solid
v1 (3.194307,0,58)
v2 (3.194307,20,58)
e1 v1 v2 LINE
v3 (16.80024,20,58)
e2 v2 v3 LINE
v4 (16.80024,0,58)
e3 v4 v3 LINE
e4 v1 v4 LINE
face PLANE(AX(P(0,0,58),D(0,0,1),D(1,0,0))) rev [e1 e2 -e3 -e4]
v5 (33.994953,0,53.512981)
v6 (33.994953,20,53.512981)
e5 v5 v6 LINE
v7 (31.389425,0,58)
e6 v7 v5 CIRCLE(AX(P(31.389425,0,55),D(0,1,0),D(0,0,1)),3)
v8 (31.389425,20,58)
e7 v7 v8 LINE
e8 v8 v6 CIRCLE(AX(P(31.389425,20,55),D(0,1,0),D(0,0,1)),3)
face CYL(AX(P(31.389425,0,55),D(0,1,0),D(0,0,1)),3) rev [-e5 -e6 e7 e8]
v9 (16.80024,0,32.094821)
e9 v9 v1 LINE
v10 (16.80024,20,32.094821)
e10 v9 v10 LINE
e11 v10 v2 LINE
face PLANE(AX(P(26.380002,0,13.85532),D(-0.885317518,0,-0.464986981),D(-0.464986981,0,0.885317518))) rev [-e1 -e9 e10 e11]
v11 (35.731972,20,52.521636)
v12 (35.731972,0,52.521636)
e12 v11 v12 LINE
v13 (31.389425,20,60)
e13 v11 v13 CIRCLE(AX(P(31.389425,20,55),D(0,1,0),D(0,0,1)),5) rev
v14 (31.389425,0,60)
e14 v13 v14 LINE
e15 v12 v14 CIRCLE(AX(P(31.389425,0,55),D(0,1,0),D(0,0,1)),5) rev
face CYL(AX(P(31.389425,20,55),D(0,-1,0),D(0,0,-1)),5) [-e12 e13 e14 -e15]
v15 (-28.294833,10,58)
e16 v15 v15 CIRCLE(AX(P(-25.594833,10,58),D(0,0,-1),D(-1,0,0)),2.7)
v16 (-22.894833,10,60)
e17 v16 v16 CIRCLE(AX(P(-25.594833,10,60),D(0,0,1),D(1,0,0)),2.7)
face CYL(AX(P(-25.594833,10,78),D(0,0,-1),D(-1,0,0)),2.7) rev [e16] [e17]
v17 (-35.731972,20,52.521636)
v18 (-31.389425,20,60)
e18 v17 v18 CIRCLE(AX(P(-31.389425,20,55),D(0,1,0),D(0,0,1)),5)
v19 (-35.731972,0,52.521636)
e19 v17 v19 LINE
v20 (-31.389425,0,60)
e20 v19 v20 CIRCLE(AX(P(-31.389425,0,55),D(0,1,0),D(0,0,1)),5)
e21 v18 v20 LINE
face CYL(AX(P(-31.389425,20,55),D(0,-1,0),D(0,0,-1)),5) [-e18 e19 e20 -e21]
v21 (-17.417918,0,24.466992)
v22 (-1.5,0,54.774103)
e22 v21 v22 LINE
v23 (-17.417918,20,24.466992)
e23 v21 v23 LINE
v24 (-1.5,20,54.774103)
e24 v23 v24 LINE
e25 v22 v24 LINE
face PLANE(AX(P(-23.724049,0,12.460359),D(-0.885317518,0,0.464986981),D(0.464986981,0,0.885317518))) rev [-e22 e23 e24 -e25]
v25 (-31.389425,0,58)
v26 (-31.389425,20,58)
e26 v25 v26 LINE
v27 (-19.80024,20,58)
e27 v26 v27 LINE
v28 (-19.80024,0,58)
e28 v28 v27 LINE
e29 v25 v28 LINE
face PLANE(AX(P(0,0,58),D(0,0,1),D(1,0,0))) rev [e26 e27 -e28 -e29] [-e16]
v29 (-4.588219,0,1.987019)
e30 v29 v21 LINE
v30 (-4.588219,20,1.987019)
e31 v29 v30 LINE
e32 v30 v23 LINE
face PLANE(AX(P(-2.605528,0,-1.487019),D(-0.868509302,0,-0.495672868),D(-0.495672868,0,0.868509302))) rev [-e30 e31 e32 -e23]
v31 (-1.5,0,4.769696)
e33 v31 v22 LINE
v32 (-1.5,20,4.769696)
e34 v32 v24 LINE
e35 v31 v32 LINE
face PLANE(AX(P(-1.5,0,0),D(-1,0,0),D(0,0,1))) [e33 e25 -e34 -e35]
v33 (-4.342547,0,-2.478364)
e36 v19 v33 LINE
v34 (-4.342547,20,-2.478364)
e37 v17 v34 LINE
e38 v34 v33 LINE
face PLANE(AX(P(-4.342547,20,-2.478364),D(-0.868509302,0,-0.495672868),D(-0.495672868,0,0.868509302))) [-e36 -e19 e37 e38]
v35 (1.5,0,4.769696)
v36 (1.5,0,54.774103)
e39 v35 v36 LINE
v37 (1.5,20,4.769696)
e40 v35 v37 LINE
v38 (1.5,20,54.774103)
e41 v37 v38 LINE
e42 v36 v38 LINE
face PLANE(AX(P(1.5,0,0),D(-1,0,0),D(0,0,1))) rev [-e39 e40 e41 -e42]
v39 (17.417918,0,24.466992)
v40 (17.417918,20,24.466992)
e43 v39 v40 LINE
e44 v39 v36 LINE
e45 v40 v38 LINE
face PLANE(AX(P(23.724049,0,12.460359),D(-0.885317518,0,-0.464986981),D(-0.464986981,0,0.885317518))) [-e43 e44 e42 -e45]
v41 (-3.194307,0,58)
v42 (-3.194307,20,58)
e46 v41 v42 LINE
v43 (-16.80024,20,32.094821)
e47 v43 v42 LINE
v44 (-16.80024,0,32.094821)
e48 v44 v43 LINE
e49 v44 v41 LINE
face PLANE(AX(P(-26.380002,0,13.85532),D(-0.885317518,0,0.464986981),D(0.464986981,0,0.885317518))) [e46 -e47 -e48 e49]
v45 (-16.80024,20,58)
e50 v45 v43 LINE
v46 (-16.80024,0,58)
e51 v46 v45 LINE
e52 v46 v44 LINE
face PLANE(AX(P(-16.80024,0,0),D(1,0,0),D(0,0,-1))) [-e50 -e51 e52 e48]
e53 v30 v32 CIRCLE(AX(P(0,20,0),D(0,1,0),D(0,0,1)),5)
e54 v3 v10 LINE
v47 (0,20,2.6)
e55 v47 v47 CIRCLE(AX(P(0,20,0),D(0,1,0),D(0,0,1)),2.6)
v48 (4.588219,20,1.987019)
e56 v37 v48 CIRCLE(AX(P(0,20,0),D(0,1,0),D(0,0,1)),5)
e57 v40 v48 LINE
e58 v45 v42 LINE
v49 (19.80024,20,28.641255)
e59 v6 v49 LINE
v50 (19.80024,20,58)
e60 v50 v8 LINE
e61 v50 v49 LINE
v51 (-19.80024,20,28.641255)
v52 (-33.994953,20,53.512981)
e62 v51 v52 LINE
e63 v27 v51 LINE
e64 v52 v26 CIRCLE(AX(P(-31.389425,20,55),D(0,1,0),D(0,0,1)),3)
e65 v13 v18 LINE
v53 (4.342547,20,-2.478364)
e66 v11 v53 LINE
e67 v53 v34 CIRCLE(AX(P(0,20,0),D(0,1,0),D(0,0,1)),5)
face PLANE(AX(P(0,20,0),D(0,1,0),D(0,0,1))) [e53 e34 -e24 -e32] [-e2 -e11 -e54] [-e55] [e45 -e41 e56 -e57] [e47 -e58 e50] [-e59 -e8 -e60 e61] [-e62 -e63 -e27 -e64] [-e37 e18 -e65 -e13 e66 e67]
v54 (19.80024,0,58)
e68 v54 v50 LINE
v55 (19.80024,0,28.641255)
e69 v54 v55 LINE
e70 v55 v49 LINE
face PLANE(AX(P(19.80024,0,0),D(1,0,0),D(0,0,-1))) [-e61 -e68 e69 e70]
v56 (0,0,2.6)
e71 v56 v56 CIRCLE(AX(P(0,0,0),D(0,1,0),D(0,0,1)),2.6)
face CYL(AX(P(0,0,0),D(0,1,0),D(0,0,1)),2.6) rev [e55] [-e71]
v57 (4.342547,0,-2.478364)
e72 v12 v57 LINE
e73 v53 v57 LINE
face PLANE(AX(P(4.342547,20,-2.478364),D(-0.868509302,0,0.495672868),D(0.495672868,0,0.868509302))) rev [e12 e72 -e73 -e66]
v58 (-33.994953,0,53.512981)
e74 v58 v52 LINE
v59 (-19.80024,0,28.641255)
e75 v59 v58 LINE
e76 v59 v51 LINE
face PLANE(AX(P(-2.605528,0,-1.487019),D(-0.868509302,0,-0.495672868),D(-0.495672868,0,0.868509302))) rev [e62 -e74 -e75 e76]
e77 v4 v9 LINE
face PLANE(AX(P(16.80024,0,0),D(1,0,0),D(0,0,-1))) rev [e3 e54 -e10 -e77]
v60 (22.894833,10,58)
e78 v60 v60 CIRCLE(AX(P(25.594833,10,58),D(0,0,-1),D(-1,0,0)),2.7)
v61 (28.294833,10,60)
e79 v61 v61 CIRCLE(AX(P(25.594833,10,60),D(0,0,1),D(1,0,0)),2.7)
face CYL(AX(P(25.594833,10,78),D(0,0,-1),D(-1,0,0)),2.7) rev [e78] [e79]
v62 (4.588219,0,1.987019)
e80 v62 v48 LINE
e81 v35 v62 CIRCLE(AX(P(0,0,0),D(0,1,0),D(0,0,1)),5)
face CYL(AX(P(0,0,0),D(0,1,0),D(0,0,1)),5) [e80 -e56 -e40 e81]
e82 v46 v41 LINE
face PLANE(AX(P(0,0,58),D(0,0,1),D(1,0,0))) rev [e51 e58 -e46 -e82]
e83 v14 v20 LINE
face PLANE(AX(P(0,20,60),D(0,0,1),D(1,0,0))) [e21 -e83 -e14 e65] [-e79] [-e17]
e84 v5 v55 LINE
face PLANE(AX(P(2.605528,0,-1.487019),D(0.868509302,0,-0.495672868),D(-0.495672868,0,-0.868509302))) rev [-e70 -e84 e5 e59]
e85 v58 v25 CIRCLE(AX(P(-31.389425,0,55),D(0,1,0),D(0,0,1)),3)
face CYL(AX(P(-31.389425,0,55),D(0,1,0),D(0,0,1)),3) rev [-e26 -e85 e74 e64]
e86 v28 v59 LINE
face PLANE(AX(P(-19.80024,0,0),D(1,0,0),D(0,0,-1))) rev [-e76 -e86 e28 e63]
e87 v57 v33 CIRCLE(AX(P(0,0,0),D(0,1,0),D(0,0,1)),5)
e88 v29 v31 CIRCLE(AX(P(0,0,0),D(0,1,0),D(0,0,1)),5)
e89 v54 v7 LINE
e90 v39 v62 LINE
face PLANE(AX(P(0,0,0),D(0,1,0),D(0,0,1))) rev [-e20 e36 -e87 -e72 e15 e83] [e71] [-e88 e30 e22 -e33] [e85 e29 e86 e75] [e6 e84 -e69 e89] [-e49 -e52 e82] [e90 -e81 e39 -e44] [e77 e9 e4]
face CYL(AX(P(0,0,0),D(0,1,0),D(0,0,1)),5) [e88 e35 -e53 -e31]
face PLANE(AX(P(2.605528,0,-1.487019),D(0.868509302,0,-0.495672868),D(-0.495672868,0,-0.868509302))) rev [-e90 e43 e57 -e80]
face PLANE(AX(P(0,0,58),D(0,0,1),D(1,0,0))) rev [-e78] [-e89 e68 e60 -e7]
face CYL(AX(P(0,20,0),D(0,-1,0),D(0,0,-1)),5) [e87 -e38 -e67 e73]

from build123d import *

# Parameters (mm, degrees)
SALIENTE_EXTRUIR1_DEPTH = 20
CORTAR_EXTRUIR1_START   = -20
CORTAR_EXTRUIR1_DEPTH   = 20
CROQUIS3_R              = 2.6
CORTAR_EXTRUIR2_DEPTH   = 20
CROQUIS4_R              = 2.7
CORTAR_EXTRUIR3_DEPTH   = 20


with BuildPart() as part:
    # Croquis1 → Saliente-Extruir1 (new body)
    with BuildSketch(Plane(origin=(0, 0, 0), x_dir=(1, 0, 0), z_dir=(0, 1, 0))):
        with BuildLine():
            Line((-4.342546511, 2.47836434), (-35.731971676, -52.52163566))
            ThreePointArc((-35.731971676, -52.52163566), (-35.713301997, -57.510794525), (-31.389425165, -60))
            Line((-31.389425165, -60), (31.389425165, -60))
            ThreePointArc((31.389425165, -60), (35.713301997, -57.510794525), (35.731971676, -52.52163566))
            Line((35.731971676, -52.52163566), (4.342546511, 2.47836434))
            ThreePointArc((4.342546511, 2.47836434), (0, 5), (-4.342546511, 2.47836434))
        make_face()
    extrude(amount=SALIENTE_EXTRUIR1_DEPTH)

    # Croquis2 → Cortar-Extruir1 (cut)
    with BuildSketch(Plane(origin=(0, 20, 0), x_dir=(1, 0, 0), z_dir=(0, 1, 0)).offset(CORTAR_EXTRUIR1_START)):
        with BuildLine():
            Line((-19.800240489, -58), (-19.800240489, -28.641255076))
            Line((-19.800240489, -28.641255076), (-33.994953072, -53.512981396))
            ThreePointArc((-33.994953072, -53.512981396), (-33.983751264, -56.506476715), (-31.389425165, -58))
            Line((-31.389425165, -58), (-19.800240489, -58))
        make_face()
        Polygon((-16.800240489, -58), (-3.194307375, -58), (-16.800240489, -32.094821088), align=None)
        with BuildLine():
            Line((-1.5, -54.77410323), (-1.5, -4.769696007))
            ThreePointArc((-1.5, -4.769696007), (-3.347002716, -3.714508422), (-4.588219379, -1.987018604))
            Line((-4.588219379, -1.987018604), (-17.417918454, -24.466992207))
            Line((-17.417918454, -24.466992207), (-1.5, -54.77410323))
        make_face()
        with BuildLine():
            ThreePointArc((4.588219379, -1.987018604), (3.347002716, -3.714508422), (1.5, -4.769696007))
            Line((1.5, -4.769696007), (1.5, -54.77410323))
            Line((1.5, -54.77410323), (17.417918454, -24.466992207))
            Line((17.417918454, -24.466992207), (4.588219379, -1.987018604))
        make_face()
        with BuildLine():
            Line((33.994953072, -53.512981396), (19.800240489, -28.641255076))
            Line((19.800240489, -28.641255076), (19.800240489, -58))
            Line((19.800240489, -58), (31.389425165, -58))
            ThreePointArc((31.389425165, -58), (33.983751264, -56.506476715), (33.994953072, -53.512981396))
        make_face()
        Polygon((16.800240489, -32.094821088), (3.194307375, -58), (16.800240489, -58), align=None)
    extrude(amount=CORTAR_EXTRUIR1_DEPTH, mode=Mode.SUBTRACT)

    # Croquis3 → Cortar-Extruir2 (cut)
    with BuildSketch(Plane(origin=(0, 20, 0), x_dir=(1, 0, 0), z_dir=(0, 1, 0))):
        with Locations(Location((0, 0, 0), (0, 0, 270))):
            Circle(CROQUIS3_R)
    extrude(amount=-CORTAR_EXTRUIR2_DEPTH, mode=Mode.SUBTRACT)

    # Croquis4 → Cortar-Extruir3 (cut)
    with BuildSketch(Plane(origin=(0, 0, 58), x_dir=(-1, 0, 0), z_dir=(0, 0, -1))):
        with Locations((25.594832827, 10)):
            Circle(CROQUIS4_R)
        with Locations((-25.594832827, 10)):
            Circle(CROQUIS4_R)
    extrude(amount=-CORTAR_EXTRUIR3_DEPTH, mode=Mode.SUBTRACT)


solid = part.part
